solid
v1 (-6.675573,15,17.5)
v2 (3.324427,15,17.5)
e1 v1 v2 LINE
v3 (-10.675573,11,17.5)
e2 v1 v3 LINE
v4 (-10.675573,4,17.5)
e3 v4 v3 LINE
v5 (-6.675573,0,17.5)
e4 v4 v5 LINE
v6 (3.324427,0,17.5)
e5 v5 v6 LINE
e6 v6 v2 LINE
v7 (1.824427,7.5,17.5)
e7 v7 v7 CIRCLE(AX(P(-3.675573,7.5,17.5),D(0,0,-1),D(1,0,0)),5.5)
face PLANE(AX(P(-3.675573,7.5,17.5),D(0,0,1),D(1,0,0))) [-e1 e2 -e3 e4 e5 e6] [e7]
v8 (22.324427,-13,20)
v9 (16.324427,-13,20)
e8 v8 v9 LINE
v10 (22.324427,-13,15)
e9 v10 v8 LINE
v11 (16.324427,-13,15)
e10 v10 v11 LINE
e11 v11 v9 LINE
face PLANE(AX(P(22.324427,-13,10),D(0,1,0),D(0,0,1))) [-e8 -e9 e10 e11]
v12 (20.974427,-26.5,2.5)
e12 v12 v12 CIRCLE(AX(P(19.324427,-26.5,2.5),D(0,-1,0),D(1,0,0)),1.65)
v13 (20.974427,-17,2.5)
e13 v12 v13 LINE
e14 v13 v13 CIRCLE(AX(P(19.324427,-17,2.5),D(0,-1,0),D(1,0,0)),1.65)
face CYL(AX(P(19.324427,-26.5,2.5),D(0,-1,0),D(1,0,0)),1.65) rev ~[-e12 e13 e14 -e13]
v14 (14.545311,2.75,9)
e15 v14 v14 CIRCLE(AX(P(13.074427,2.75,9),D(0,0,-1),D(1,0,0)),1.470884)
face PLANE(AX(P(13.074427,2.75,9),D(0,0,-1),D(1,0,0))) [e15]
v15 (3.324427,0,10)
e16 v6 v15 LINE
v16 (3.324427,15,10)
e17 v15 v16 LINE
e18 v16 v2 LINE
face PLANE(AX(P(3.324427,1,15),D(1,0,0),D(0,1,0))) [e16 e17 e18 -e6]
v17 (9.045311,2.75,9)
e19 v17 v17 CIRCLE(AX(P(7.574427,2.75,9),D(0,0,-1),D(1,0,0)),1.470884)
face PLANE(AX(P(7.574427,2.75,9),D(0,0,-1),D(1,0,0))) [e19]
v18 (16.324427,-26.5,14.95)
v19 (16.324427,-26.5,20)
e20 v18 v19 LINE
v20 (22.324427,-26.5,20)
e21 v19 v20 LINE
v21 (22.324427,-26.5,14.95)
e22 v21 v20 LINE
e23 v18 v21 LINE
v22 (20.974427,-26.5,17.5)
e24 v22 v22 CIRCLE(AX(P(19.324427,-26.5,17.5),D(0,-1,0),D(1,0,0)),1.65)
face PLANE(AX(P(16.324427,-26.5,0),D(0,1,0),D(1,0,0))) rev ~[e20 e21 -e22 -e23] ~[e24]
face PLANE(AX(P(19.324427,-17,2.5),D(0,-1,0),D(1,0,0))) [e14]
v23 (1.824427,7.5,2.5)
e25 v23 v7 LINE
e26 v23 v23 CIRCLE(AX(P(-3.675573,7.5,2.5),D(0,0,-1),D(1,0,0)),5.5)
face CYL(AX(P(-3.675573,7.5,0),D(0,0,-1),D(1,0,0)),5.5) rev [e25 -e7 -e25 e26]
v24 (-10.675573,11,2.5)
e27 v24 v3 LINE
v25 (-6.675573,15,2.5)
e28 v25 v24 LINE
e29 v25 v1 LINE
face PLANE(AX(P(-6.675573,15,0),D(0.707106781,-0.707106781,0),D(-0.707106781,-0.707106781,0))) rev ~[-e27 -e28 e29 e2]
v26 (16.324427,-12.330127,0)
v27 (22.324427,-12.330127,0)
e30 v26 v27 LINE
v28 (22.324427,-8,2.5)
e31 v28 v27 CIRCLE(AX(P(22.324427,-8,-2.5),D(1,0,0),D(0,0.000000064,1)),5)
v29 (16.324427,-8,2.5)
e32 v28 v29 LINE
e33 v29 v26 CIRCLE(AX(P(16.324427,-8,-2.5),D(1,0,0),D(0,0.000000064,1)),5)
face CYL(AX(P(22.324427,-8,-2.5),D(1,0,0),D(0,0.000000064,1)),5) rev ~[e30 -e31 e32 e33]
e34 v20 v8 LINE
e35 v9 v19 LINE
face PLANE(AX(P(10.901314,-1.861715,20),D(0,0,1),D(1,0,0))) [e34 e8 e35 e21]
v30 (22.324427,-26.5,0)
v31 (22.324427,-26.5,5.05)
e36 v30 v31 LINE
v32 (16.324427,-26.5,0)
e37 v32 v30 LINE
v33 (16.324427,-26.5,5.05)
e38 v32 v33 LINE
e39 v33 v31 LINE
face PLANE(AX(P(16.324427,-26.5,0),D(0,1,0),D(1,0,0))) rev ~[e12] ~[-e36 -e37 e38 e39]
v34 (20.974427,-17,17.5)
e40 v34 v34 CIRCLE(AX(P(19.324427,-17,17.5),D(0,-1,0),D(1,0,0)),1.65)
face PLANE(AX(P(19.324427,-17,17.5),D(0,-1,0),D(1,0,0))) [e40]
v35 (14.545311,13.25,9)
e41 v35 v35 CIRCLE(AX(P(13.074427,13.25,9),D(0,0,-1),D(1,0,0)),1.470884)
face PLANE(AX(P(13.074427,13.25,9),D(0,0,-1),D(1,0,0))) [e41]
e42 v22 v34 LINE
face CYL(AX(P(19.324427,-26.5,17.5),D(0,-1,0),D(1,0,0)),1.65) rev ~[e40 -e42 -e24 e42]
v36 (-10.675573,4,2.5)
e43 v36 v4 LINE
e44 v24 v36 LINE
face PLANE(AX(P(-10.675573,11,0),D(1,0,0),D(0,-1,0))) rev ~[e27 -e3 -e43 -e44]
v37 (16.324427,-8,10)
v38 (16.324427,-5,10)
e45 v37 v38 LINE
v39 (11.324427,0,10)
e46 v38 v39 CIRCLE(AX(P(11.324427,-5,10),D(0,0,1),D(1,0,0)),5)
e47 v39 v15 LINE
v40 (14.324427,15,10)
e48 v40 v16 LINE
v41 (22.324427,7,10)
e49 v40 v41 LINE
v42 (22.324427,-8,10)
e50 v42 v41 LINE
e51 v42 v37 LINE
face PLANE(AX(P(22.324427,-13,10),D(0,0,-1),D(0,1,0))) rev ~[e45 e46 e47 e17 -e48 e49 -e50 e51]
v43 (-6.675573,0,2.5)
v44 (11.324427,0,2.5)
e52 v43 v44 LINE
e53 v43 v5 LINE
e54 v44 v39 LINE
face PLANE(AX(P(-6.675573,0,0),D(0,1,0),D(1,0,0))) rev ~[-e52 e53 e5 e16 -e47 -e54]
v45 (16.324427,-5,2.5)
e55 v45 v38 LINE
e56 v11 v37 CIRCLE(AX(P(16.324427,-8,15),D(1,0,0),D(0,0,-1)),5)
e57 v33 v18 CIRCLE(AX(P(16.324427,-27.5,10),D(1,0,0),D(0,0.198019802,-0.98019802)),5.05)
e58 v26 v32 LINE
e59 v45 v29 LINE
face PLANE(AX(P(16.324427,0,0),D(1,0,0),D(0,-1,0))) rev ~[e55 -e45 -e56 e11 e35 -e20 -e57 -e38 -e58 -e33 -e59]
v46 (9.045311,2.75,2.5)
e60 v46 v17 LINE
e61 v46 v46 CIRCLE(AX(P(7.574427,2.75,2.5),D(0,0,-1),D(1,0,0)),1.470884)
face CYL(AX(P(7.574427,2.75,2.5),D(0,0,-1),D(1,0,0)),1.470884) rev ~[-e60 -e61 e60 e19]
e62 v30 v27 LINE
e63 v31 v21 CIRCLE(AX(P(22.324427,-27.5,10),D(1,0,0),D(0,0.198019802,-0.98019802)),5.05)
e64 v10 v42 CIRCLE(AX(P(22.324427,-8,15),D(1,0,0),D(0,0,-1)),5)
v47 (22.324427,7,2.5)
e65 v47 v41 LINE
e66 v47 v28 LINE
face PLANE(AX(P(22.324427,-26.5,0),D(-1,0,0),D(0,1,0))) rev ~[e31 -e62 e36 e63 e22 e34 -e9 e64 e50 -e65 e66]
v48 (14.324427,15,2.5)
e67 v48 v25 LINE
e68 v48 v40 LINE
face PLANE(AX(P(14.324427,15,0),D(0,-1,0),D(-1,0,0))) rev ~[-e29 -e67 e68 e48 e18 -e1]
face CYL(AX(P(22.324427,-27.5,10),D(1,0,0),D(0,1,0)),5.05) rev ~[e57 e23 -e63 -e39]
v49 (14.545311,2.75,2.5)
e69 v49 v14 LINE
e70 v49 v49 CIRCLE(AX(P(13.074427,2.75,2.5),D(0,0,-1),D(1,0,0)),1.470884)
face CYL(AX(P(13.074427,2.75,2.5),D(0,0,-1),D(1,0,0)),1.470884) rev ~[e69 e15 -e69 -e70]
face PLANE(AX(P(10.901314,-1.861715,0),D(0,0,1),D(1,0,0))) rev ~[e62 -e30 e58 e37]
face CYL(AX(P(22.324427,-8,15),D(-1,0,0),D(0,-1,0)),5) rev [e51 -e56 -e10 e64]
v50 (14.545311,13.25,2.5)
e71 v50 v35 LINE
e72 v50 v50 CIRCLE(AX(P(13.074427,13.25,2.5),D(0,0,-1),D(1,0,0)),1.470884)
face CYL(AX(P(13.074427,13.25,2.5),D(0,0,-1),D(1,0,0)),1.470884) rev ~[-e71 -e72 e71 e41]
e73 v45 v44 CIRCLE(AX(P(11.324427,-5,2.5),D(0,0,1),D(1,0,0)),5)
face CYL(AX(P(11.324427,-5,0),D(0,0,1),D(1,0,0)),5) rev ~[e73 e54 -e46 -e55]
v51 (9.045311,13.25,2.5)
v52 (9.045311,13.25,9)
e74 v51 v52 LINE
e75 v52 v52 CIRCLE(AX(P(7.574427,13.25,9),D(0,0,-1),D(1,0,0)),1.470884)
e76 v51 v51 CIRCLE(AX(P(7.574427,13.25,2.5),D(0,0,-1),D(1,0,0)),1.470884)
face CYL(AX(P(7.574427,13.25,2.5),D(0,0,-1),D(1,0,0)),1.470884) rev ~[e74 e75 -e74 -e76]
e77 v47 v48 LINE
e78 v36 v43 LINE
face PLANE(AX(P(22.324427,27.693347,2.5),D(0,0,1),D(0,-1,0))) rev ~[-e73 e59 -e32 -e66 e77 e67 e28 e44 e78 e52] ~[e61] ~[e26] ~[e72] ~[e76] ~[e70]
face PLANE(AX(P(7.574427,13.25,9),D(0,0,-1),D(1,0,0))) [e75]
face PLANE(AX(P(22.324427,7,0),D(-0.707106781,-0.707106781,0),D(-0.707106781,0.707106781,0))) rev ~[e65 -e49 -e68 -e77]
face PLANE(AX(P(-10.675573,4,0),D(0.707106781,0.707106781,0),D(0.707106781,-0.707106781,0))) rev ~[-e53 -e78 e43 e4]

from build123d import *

# Parameters (mm, degrees)
F0_R      = 5.5
F1_DEPTH  = 20
F2_R      = 5
F3_W      = 28
F3_H      = 10
F4_DEPTH  = 19
F5_W      = 14
F5_H      = 15
F6_DEPTH  = 2.5
F7_R      = 5
F8_R      = 5.05
F9_DEPTH  = 33
F10_R     = 1.65
F11_DEPTH = 9.5
F12_R     = 1.470884
F13_DEPTH = 6.5


with BuildPart() as f1:
    # F0 (on Top) → F1 (new body)
    with BuildSketch(Plane.XY):
        Polygon((22.324427, -26.5), (22.324427, 7), (14.324427, 15), (-6.675573, 15), (-10.675573, 11), (-10.675573, 4), (-6.675573, 0), (16.324427, 0), (16.324427, -26.5), align=None)
        with Locations((-3.675573, 7.5)):
            Circle(F0_R, mode=Mode.SUBTRACT)
    extrude(amount=F1_DEPTH)

    # F2
    f2_edges = [f1.edges().sort_by_distance(p)[0] for p in [
        (16.324427, 0, 10),
    ]]
    fillet(f2_edges, radius=F2_R)

    # F3 (on face) → F4 (cut)
    with BuildSketch(Plane.YZ.offset(22.324427)):
        with Locations((1, 15)):
            Rectangle(F3_W, F3_H)
    extrude(amount=-F4_DEPTH, mode=Mode.SUBTRACT)

    # F5 (on face) → F6 (cut)
    with BuildSketch(Plane.XY.offset(20)):
        with Locations((-3.675573, 7.5)):
            Rectangle(F5_W, F5_H)
    extrude(amount=-F6_DEPTH, mode=Mode.SUBTRACT)

    # F7
    f7_edges = [f1.edges().sort_by_distance(p)[0] for p in [
        (19.324427, -13, 10),
    ]]
    fillet(f7_edges, radius=F7_R)

    # F8 (on face) → F9 (cut)
    with BuildSketch(Plane.YZ.offset(22.324427)):
        with BuildLine():
            Line((-13, -2.5), (-13, -12.279106))
            Line((-13, -12.279106), (27.693347, -12.279106))
            Line((27.693347, -12.279106), (27.693347, 2.5))
            Line((27.693347, 2.5), (-8, 2.5))
            ThreePointArc((-8, 2.5), (-11.535534, 1.035534), (-13, -2.5))
        make_face()
        with Locations((-27.5, 10)):
            Circle(F8_R)
    extrude(amount=-F9_DEPTH, mode=Mode.SUBTRACT)

    # F10 (on face) → F11 (cut)
    with BuildSketch(Plane.XZ.offset(26.5)):
        with Locations((19.324427, 17.5)):
            Circle(F10_R)
        with Locations((19.324427, 2.5)):
            Circle(F10_R)
    extrude(amount=-F11_DEPTH, mode=Mode.SUBTRACT)

    # F12 (on face) → F13 (cut)
    with BuildSketch(Plane(origin=(0, 0, 2.5), x_dir=(1, 0, 0), z_dir=(0, 0, -1))):
        with Locations((7.574427, -2.75)):
            Circle(F12_R)
        with Locations((7.574427, -13.25)):
            Circle(F12_R)
        with Locations((13.074427, -2.75)):
            Circle(F12_R)
        with Locations((13.074427, -13.25)):
            Circle(F12_R)
    extrude(amount=-F13_DEPTH, mode=Mode.SUBTRACT)


solid = f1.part
